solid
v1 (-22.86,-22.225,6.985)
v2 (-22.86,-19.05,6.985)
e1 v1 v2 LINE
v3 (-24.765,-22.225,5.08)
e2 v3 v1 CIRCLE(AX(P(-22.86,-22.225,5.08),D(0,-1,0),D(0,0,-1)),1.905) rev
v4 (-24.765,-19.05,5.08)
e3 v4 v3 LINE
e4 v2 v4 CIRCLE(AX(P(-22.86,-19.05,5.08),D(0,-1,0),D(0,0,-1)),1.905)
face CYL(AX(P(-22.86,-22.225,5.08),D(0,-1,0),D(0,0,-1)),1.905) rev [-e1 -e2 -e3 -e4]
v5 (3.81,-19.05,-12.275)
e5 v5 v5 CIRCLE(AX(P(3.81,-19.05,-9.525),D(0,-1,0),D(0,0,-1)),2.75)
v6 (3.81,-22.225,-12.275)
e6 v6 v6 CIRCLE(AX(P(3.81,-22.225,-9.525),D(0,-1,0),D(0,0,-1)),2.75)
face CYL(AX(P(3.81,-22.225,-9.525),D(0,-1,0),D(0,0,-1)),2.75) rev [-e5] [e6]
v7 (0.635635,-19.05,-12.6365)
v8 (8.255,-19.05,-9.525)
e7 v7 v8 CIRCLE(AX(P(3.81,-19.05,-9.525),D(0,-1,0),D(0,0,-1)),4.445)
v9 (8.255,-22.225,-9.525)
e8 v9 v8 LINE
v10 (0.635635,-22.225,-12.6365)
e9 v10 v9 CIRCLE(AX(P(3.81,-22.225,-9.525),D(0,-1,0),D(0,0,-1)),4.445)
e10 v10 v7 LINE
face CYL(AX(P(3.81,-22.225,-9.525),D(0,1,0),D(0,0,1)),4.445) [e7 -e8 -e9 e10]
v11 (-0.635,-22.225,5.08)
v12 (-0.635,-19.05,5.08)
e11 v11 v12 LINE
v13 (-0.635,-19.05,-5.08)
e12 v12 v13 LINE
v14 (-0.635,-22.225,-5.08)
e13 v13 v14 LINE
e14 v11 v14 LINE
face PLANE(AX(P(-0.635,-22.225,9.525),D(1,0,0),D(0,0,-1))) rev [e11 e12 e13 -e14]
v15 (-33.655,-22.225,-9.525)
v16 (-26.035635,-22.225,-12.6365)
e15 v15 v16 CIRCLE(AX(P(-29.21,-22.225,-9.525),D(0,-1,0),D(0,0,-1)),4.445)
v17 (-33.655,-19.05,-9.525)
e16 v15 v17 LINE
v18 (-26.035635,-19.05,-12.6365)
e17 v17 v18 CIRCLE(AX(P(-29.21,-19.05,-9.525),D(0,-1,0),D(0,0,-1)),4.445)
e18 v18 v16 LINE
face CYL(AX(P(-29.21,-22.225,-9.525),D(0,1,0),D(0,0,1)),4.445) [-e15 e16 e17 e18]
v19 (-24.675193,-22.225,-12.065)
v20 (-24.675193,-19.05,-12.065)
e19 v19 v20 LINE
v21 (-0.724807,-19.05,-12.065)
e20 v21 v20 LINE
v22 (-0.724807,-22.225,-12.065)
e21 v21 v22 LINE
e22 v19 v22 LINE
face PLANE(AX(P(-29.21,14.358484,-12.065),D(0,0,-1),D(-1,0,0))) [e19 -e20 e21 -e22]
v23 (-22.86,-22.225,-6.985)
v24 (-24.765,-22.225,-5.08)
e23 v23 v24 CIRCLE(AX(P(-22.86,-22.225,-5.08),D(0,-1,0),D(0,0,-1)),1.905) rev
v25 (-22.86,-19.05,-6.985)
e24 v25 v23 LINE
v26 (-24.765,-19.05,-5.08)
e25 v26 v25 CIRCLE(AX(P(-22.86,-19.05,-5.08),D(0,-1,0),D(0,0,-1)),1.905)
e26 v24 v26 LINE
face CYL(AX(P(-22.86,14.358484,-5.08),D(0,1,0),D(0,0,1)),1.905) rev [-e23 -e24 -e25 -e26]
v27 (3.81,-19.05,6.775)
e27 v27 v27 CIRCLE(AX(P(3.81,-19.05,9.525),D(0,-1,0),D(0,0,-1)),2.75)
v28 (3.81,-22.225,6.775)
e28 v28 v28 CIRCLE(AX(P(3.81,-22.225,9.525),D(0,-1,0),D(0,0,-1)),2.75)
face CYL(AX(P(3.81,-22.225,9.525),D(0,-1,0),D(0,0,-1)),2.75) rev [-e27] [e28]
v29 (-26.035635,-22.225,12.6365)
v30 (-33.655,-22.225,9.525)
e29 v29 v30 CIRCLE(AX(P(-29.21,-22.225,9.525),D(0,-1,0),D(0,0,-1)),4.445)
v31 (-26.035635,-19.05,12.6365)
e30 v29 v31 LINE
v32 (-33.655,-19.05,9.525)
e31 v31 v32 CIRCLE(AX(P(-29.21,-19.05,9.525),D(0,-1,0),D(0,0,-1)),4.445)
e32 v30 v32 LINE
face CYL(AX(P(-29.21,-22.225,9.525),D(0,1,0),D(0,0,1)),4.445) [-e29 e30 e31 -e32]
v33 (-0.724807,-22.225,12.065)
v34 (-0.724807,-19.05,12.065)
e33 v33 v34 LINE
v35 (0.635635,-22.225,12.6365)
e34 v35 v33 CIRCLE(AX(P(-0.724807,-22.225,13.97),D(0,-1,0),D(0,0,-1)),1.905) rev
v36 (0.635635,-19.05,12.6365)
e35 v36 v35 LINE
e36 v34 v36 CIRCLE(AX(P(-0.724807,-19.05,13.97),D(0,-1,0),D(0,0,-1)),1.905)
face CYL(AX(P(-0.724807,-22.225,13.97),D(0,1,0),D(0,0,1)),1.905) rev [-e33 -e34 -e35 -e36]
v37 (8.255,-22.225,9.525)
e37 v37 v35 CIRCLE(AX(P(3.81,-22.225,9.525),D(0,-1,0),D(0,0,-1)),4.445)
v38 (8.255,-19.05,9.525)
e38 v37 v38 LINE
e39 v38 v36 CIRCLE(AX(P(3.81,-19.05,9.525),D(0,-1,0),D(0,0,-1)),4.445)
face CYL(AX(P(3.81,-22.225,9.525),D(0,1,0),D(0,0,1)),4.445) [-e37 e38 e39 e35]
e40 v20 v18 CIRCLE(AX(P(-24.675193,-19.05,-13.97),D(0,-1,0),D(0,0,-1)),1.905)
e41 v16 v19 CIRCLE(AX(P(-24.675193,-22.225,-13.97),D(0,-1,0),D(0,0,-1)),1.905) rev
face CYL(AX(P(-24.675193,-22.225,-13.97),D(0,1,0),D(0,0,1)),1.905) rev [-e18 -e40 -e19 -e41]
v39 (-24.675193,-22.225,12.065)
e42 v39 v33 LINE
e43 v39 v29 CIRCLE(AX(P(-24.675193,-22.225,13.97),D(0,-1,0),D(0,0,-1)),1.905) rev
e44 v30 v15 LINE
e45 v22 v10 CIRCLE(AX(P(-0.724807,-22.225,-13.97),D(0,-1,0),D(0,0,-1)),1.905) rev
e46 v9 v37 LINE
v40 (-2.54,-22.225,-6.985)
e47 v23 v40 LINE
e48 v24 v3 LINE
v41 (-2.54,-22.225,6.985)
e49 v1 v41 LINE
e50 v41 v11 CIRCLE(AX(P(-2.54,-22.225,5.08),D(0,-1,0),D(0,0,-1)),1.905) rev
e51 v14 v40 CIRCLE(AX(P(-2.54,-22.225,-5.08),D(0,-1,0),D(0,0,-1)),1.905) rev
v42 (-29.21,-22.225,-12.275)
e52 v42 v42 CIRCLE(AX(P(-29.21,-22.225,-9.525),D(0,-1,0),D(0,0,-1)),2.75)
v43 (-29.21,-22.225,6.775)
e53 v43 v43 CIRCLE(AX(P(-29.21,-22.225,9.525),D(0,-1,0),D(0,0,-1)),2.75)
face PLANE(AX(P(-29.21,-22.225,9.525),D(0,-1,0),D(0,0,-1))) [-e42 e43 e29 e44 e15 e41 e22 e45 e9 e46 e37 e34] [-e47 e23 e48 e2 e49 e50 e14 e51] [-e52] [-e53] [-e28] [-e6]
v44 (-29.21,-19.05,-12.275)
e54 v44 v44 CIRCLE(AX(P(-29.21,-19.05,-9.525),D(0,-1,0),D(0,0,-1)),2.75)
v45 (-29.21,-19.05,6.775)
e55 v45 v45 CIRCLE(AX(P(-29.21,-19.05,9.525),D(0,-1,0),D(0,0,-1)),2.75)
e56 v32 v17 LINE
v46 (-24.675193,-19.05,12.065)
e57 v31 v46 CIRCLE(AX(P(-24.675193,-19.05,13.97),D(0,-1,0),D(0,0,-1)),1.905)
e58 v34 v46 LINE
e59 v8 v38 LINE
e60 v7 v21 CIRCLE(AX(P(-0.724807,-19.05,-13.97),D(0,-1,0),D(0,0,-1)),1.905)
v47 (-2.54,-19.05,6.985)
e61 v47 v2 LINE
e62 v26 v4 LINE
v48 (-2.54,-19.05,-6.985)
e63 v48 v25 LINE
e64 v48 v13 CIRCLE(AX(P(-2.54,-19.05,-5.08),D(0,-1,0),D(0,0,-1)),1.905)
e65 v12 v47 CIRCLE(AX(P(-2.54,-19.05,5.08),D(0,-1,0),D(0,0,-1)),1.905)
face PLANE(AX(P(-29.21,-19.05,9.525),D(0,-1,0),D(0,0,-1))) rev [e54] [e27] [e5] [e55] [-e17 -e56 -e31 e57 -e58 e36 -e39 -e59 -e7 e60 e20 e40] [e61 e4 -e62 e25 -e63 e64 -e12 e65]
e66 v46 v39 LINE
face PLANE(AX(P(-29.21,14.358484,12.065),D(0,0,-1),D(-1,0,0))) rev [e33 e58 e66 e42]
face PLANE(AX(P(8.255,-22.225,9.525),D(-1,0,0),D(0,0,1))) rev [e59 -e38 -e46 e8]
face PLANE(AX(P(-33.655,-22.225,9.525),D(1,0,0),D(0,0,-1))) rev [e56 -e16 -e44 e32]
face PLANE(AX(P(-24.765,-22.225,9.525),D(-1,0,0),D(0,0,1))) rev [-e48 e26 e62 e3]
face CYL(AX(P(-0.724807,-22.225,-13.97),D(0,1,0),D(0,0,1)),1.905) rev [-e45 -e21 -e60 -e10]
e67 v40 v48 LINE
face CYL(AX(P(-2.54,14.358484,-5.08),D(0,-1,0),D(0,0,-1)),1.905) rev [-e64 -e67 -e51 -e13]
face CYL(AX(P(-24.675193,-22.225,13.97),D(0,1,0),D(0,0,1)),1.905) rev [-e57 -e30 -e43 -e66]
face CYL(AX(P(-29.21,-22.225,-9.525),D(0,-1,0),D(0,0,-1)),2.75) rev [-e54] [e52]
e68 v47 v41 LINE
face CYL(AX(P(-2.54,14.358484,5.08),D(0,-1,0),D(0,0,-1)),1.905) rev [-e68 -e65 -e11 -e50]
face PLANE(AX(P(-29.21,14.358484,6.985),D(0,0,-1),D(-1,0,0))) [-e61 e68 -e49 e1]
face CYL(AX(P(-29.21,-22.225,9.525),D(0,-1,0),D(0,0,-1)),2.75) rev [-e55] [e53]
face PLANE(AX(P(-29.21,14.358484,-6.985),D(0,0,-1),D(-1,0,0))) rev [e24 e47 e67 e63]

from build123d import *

# Parameters (mm, degrees)
BOSS_EXTRUDE2_DEPTH   = 3.175
BOSS_EXTRUDE2_2_DEPTH = 3.175
SKETCH7_W             = 33.02
SKETCH7_H             = 5.08
EXTRUDE_THIN1_DEPTH   = 3.175
M5_CLEARANCE_HOLE1_D  = 5.5
FILLET1_R             = 1.905


with BuildPart() as part:
    # Sketch1 → Boss-Extrude2 (new body)
    with BuildSketch(Plane.XZ.offset(19.05)):
        with BuildLine():
            Line((-24.765, 9.525), (-24.765, -9.525))
            ThreePointArc((-24.765, -9.525), (-29.21, -13.97), (-33.655, -9.525))
            Line((-33.655, -9.525), (-33.655, 9.525))
            ThreePointArc((-33.655, 9.525), (-29.21, 13.97), (-24.765, 9.525))
        make_face()
    extrude(amount=BOSS_EXTRUDE2_DEPTH)



with BuildPart() as body_2:
    # Sketch1 → Boss-Extrude2 2 (new body)
    with BuildSketch(Plane.XZ.offset(19.05)):
        with BuildLine():
            Line((8.255, 9.525), (8.255, -9.525))
            ThreePointArc((8.255, -9.525), (3.81, -13.97), (-0.635, -9.525))
            Line((-0.635, -9.525), (-0.635, 9.525))
            ThreePointArc((-0.635, 9.525), (3.81, 13.97), (8.255, 9.525))
        make_face()
    extrude(amount=BOSS_EXTRUDE2_2_DEPTH)


with BuildPart() as part_1:
    add(part.part)

    add(body_2.part)  # Extrude-Thin1 merges body 2
    # Sketch7 → Extrude-Thin1 (add)
    with BuildSketch(Plane.XZ.offset(22.225)):
        with Locations((-12.7, 9.525)):
            Rectangle(SKETCH7_W, SKETCH7_H)
        with Locations((-12.7, -9.525)):
            Rectangle(SKETCH7_W, SKETCH7_H)
    extrude(amount=-EXTRUDE_THIN1_DEPTH)

    # M5 Clearance Hole1 (through all)
    with Locations(Plane(origin=(-29.21, -22.225, 9.525), x_dir=(0, 0, -1), z_dir=(0, -1, 0))):
        with Locations((0, 0), (19.05, 0), (0, 33.02), (19.05, 33.02)):
            Hole(M5_CLEARANCE_HOLE1_D / 2)

    # Fillet1
    fillet1_edges = [part_1.edges().sort_by_distance(p)[0] for p in [
        (-25.562202719, -20.6375, 12.065),
        (-24.765, -20.6375, 6.985),
        (-0.635, -20.6375, 6.985),
        (0.162202719, -20.6375, 12.065),
        (0.162202719, -20.6375, -12.065),
        (-0.635, -20.6375, -6.985),
        (-24.765, -20.6375, -6.985),
        (-25.562202719, -20.6375, -12.065),
    ]]
    fillet(fillet1_edges, radius=FILLET1_R)


solid = part_1.part
